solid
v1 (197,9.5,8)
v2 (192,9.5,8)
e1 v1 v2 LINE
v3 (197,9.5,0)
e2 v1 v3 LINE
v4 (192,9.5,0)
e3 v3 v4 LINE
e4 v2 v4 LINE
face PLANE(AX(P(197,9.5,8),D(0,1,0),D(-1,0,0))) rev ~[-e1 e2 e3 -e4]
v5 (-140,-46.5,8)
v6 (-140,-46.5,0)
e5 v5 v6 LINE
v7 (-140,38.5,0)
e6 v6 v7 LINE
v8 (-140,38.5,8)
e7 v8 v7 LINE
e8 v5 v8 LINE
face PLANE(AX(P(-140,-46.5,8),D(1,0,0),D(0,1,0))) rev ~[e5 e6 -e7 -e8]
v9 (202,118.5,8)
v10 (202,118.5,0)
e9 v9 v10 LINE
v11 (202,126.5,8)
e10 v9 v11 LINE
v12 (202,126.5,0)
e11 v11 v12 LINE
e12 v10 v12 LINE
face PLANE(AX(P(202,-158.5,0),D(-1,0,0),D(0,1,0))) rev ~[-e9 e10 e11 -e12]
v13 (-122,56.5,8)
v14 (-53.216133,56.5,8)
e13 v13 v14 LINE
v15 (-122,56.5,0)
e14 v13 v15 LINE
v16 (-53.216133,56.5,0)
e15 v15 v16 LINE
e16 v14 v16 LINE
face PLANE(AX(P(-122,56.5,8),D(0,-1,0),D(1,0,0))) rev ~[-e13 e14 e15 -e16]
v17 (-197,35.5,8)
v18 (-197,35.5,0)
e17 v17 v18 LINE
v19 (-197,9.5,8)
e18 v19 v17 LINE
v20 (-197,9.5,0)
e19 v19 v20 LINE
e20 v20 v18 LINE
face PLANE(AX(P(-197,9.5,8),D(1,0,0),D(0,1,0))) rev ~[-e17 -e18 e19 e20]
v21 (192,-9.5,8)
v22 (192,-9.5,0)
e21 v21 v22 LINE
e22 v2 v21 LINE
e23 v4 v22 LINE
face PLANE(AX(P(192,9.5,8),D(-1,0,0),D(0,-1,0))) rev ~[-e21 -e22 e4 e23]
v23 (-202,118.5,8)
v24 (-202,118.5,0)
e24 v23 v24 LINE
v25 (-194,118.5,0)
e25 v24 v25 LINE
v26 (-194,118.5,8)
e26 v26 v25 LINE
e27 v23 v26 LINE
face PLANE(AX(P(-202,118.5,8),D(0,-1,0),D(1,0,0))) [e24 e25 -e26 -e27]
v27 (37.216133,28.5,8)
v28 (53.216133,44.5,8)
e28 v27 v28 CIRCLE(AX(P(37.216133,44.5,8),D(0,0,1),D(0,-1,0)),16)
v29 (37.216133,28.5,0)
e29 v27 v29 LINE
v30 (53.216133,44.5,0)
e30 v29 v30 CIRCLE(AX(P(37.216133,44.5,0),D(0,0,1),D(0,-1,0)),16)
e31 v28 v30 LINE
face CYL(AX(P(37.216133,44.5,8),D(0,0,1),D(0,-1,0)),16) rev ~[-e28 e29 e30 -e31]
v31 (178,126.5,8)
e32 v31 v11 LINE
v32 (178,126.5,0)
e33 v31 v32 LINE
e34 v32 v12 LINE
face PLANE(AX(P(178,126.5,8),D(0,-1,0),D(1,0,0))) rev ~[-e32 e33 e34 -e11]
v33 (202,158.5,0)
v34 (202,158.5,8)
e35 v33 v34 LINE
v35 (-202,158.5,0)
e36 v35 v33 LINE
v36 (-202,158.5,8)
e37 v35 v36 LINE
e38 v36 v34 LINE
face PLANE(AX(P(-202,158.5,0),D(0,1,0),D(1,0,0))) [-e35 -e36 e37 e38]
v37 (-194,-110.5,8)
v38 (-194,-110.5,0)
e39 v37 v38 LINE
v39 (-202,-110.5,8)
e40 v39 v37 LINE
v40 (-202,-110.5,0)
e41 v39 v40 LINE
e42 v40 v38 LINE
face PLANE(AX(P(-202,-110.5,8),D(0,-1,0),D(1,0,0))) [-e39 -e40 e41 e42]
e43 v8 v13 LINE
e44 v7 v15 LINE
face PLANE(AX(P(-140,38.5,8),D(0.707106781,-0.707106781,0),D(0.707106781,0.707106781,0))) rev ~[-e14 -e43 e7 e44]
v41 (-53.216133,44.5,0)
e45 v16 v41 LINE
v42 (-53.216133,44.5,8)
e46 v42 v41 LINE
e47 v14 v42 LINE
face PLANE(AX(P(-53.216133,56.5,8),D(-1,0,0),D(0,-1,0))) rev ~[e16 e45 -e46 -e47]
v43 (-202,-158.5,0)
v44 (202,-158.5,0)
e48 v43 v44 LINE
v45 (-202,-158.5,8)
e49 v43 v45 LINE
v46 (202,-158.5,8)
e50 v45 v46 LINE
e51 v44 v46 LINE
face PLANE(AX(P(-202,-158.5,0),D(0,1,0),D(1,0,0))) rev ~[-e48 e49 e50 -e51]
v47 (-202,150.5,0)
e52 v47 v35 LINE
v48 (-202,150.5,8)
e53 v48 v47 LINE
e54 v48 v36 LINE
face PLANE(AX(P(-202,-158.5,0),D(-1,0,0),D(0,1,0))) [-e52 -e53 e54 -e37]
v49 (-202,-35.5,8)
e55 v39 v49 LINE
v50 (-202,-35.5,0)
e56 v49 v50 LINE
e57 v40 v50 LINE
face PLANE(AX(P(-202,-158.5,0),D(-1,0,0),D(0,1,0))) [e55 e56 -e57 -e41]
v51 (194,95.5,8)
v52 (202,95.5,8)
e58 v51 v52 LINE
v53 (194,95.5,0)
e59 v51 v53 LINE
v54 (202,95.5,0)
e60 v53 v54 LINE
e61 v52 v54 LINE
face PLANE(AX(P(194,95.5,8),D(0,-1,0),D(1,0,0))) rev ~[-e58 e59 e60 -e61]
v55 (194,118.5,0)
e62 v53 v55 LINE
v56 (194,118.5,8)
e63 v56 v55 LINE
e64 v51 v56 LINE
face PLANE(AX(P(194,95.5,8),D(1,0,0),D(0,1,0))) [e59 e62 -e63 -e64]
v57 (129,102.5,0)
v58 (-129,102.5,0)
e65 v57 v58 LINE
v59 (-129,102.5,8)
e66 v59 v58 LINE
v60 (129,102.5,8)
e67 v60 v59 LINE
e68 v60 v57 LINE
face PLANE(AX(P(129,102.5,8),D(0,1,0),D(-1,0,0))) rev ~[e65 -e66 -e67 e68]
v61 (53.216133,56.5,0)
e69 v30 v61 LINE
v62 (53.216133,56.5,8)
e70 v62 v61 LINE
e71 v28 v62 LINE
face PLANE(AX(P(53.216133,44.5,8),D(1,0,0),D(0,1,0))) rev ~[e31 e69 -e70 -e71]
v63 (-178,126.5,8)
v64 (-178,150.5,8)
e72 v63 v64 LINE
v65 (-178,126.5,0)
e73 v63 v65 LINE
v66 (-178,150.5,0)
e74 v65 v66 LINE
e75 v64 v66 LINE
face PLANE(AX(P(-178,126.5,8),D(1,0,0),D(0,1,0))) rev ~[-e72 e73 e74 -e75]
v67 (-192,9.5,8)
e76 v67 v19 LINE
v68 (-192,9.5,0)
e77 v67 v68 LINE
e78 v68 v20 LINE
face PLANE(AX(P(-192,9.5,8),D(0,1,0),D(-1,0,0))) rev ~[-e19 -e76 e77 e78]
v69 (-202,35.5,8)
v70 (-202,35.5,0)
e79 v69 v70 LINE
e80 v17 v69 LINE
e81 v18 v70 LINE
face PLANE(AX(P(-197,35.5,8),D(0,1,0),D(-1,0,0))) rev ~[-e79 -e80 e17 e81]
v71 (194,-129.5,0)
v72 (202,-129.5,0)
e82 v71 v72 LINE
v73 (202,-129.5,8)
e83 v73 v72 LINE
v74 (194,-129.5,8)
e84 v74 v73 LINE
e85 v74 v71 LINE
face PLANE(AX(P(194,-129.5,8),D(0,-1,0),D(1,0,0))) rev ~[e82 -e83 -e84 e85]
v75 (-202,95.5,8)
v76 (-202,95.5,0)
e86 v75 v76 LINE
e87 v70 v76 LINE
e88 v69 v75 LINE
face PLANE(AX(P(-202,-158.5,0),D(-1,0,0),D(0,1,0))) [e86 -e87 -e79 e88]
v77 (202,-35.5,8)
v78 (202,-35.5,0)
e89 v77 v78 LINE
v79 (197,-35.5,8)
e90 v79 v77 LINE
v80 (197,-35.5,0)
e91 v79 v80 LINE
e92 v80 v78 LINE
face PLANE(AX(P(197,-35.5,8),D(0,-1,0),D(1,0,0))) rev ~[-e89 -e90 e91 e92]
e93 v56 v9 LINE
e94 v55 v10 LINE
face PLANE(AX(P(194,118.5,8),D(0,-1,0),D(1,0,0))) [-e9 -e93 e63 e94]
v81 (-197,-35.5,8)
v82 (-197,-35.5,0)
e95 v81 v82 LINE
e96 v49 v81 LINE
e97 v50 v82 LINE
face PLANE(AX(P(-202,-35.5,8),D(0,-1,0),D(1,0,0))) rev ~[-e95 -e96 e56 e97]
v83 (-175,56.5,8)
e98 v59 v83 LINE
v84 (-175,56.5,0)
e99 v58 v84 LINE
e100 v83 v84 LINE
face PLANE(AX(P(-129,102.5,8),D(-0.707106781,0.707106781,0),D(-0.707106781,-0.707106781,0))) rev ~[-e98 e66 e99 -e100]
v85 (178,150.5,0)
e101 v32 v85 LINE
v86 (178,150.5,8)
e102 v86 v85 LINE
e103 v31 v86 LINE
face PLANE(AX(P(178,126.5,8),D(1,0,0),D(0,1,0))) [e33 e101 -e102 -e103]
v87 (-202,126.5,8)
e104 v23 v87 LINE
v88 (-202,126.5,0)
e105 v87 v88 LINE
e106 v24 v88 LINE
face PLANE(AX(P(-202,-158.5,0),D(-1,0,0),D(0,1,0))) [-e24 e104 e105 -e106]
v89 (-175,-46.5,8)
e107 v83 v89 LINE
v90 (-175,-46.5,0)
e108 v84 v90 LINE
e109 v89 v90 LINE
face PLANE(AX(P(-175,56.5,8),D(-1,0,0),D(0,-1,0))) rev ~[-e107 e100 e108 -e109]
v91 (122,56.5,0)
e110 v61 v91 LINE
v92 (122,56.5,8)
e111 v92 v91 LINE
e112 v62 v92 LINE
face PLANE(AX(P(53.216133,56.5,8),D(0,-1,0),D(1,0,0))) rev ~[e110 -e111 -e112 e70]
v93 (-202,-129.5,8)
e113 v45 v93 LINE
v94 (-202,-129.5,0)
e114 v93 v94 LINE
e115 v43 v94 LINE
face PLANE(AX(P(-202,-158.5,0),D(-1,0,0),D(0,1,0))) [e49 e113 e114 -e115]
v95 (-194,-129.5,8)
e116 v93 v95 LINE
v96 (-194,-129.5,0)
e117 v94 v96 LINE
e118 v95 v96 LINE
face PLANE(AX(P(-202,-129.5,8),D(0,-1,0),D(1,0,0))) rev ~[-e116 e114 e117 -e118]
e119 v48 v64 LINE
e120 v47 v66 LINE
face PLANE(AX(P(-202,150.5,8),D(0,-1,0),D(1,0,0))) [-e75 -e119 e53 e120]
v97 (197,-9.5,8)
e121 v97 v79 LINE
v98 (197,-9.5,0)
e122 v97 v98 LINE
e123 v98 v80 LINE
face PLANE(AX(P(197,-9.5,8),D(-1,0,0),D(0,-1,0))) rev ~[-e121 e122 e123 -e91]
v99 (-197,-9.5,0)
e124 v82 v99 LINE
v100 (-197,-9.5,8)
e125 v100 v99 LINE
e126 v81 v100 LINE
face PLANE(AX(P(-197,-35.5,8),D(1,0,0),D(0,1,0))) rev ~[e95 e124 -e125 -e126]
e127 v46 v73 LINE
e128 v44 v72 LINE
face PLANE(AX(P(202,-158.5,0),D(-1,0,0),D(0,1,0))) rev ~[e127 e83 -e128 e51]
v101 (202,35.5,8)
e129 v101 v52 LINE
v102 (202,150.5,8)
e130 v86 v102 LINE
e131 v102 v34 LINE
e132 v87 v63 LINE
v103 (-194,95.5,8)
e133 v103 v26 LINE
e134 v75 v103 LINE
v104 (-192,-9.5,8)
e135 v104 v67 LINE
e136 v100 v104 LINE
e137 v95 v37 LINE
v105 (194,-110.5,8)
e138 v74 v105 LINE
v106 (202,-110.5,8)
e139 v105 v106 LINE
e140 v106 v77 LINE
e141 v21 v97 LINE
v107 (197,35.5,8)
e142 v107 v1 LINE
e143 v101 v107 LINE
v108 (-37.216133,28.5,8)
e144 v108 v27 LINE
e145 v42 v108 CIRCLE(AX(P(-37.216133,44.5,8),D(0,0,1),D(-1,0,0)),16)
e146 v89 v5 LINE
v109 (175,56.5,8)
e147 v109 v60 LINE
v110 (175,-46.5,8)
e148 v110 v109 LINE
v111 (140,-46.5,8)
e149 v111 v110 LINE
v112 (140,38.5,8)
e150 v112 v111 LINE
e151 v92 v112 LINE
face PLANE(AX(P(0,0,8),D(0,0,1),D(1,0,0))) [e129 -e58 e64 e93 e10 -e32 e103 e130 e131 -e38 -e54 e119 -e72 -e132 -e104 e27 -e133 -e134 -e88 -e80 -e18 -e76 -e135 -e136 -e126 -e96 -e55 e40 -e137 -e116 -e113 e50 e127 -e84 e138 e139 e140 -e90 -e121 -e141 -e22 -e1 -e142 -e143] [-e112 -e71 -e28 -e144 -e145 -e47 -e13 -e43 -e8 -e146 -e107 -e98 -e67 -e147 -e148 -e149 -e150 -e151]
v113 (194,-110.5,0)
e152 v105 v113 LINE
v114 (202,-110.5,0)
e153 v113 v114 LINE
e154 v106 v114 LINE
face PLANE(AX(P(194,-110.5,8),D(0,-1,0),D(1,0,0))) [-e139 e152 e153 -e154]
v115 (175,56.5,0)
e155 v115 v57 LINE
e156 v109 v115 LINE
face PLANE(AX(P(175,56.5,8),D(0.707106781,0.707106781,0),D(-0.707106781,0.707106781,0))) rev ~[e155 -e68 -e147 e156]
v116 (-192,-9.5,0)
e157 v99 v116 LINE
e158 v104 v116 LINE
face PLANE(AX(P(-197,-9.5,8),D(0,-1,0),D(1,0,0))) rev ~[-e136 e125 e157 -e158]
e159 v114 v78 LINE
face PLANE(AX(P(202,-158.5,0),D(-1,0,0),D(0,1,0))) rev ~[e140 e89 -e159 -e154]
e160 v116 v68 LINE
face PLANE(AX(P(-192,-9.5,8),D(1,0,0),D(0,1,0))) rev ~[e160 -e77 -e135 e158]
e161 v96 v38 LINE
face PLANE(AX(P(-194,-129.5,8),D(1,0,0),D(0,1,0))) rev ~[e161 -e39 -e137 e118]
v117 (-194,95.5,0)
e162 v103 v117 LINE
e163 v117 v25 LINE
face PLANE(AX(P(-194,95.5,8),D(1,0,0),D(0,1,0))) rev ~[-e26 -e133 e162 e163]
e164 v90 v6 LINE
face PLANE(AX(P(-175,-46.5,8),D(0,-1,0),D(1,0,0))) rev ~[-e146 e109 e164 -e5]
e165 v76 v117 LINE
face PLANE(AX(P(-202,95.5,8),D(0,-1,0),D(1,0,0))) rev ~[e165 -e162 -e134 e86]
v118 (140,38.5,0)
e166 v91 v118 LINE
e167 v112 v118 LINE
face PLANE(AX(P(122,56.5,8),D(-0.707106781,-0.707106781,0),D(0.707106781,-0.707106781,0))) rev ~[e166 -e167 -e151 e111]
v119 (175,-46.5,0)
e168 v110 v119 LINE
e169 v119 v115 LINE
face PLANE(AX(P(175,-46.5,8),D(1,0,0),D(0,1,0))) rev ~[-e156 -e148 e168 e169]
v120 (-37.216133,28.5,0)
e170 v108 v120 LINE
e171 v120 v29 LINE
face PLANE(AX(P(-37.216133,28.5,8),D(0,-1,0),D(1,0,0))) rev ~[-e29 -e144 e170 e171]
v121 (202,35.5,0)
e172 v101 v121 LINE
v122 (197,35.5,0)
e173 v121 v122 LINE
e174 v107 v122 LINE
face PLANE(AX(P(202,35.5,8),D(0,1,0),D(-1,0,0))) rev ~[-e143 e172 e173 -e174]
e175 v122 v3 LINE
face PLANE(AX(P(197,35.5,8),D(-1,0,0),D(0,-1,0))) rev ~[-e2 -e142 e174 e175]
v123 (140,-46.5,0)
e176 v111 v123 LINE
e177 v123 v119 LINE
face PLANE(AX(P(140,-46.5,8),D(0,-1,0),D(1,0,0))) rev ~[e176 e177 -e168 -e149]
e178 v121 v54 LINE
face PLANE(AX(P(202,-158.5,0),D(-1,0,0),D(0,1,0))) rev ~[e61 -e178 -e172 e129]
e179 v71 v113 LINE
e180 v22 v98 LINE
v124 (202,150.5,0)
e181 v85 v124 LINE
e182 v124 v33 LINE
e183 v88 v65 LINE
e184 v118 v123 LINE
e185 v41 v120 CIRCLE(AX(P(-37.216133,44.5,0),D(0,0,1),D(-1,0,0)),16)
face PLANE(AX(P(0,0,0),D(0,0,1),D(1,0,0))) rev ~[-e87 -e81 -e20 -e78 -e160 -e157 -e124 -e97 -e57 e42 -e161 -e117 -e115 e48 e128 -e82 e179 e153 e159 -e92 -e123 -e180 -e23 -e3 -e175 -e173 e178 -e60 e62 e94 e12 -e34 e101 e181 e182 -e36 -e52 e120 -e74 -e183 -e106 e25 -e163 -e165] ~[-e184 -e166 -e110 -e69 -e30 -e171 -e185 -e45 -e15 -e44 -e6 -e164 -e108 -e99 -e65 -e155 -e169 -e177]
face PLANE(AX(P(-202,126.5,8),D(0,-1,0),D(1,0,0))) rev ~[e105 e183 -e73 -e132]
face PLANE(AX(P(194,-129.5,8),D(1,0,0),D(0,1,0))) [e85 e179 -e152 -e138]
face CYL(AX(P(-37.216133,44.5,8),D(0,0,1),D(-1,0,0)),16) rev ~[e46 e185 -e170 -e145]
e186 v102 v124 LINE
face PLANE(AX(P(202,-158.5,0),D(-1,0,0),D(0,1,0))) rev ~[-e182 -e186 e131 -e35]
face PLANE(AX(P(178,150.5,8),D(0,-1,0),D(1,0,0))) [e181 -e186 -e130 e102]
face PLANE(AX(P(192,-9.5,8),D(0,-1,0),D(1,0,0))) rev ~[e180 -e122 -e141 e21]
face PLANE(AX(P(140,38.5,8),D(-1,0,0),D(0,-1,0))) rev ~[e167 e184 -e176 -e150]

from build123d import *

# Parameters (mm, degrees)
F0_W     = 404
F0_H     = 317
F1_DEPTH = 8
F2_W     = 8
F2_H     = 19
F2_H_2   = 23
F2_W_2   = 24
F2_H_3   = 24
F3_DEPTH = 8
F5_DEPTH = 8.001


with BuildPart() as f1:
    # F0 (on Top) → F1 (new body)
    with BuildSketch(Plane.XY):
        Rectangle(F0_W, F0_H)
    extrude(amount=F1_DEPTH)

    # F2 (on face) → F3 (cut)
    with BuildSketch(Plane.XY.offset(8)):
        with Locations((-198, -120)):
            Rectangle(F2_W, F2_H)
        Polygon((-202, 35.5), (-202, -35.5), (-197, -35.5), (-197, -9.5), (-192, -9.5), (-192, 9.5), (-197, 9.5), (-197, 35.5), align=None)
        with Locations((-198, 107)):
            Rectangle(F2_W, F2_H_2)
        with Locations((-190, 138.5)):
            Rectangle(F2_W_2, F2_H_3)
        Polygon((192, -9.5), (197, -9.5), (197, -35.5), (202, -35.5), (202, 35.5), (197, 35.5), (197, 9.5), (192, 9.5), align=None)
        with Locations((198, -120)):
            Rectangle(F2_W, F2_H)
        with Locations((198, 107)):
            Rectangle(F2_W, F2_H_2)
        with Locations((190, 138.5)):
            Rectangle(F2_W_2, F2_H_3)
    extrude(amount=-F3_DEPTH, mode=Mode.SUBTRACT)

    # F4 (on face) → F5 (cut, through all)
    with BuildSketch(Plane.XY.offset(8)):
        with BuildLine():
            Line((-175, 56.5), (-175, -46.5))
            Line((-175, -46.5), (-140, -46.5))
            Line((-140, -46.5), (-140, 38.5))
            Line((-140, 38.5), (-122, 56.5))
            Line((-122, 56.5), (-53.216133, 56.5))
            Line((-53.216133, 56.5), (-53.216133, 44.5))
            ThreePointArc((-53.216133, 44.5), (-48.529842, 33.186292), (-37.216133, 28.5))
            Line((-37.216133, 28.5), (37.216133, 28.5))
            ThreePointArc((37.216133, 28.5), (48.529842, 33.186292), (53.216133, 44.5))
            Line((53.216133, 44.5), (53.216133, 56.5))
            Line((53.216133, 56.5), (122, 56.5))
            Line((122, 56.5), (140, 38.5))
            Line((140, 38.5), (140, -46.5))
            Line((140, -46.5), (175, -46.5))
            Line((175, -46.5), (175, 56.5))
            Line((175, 56.5), (129, 102.5))
            Line((129, 102.5), (-129, 102.5))
            Line((-129, 102.5), (-175, 56.5))
        make_face()
    extrude(amount=-F5_DEPTH, mode=Mode.SUBTRACT)


solid = f1.part
